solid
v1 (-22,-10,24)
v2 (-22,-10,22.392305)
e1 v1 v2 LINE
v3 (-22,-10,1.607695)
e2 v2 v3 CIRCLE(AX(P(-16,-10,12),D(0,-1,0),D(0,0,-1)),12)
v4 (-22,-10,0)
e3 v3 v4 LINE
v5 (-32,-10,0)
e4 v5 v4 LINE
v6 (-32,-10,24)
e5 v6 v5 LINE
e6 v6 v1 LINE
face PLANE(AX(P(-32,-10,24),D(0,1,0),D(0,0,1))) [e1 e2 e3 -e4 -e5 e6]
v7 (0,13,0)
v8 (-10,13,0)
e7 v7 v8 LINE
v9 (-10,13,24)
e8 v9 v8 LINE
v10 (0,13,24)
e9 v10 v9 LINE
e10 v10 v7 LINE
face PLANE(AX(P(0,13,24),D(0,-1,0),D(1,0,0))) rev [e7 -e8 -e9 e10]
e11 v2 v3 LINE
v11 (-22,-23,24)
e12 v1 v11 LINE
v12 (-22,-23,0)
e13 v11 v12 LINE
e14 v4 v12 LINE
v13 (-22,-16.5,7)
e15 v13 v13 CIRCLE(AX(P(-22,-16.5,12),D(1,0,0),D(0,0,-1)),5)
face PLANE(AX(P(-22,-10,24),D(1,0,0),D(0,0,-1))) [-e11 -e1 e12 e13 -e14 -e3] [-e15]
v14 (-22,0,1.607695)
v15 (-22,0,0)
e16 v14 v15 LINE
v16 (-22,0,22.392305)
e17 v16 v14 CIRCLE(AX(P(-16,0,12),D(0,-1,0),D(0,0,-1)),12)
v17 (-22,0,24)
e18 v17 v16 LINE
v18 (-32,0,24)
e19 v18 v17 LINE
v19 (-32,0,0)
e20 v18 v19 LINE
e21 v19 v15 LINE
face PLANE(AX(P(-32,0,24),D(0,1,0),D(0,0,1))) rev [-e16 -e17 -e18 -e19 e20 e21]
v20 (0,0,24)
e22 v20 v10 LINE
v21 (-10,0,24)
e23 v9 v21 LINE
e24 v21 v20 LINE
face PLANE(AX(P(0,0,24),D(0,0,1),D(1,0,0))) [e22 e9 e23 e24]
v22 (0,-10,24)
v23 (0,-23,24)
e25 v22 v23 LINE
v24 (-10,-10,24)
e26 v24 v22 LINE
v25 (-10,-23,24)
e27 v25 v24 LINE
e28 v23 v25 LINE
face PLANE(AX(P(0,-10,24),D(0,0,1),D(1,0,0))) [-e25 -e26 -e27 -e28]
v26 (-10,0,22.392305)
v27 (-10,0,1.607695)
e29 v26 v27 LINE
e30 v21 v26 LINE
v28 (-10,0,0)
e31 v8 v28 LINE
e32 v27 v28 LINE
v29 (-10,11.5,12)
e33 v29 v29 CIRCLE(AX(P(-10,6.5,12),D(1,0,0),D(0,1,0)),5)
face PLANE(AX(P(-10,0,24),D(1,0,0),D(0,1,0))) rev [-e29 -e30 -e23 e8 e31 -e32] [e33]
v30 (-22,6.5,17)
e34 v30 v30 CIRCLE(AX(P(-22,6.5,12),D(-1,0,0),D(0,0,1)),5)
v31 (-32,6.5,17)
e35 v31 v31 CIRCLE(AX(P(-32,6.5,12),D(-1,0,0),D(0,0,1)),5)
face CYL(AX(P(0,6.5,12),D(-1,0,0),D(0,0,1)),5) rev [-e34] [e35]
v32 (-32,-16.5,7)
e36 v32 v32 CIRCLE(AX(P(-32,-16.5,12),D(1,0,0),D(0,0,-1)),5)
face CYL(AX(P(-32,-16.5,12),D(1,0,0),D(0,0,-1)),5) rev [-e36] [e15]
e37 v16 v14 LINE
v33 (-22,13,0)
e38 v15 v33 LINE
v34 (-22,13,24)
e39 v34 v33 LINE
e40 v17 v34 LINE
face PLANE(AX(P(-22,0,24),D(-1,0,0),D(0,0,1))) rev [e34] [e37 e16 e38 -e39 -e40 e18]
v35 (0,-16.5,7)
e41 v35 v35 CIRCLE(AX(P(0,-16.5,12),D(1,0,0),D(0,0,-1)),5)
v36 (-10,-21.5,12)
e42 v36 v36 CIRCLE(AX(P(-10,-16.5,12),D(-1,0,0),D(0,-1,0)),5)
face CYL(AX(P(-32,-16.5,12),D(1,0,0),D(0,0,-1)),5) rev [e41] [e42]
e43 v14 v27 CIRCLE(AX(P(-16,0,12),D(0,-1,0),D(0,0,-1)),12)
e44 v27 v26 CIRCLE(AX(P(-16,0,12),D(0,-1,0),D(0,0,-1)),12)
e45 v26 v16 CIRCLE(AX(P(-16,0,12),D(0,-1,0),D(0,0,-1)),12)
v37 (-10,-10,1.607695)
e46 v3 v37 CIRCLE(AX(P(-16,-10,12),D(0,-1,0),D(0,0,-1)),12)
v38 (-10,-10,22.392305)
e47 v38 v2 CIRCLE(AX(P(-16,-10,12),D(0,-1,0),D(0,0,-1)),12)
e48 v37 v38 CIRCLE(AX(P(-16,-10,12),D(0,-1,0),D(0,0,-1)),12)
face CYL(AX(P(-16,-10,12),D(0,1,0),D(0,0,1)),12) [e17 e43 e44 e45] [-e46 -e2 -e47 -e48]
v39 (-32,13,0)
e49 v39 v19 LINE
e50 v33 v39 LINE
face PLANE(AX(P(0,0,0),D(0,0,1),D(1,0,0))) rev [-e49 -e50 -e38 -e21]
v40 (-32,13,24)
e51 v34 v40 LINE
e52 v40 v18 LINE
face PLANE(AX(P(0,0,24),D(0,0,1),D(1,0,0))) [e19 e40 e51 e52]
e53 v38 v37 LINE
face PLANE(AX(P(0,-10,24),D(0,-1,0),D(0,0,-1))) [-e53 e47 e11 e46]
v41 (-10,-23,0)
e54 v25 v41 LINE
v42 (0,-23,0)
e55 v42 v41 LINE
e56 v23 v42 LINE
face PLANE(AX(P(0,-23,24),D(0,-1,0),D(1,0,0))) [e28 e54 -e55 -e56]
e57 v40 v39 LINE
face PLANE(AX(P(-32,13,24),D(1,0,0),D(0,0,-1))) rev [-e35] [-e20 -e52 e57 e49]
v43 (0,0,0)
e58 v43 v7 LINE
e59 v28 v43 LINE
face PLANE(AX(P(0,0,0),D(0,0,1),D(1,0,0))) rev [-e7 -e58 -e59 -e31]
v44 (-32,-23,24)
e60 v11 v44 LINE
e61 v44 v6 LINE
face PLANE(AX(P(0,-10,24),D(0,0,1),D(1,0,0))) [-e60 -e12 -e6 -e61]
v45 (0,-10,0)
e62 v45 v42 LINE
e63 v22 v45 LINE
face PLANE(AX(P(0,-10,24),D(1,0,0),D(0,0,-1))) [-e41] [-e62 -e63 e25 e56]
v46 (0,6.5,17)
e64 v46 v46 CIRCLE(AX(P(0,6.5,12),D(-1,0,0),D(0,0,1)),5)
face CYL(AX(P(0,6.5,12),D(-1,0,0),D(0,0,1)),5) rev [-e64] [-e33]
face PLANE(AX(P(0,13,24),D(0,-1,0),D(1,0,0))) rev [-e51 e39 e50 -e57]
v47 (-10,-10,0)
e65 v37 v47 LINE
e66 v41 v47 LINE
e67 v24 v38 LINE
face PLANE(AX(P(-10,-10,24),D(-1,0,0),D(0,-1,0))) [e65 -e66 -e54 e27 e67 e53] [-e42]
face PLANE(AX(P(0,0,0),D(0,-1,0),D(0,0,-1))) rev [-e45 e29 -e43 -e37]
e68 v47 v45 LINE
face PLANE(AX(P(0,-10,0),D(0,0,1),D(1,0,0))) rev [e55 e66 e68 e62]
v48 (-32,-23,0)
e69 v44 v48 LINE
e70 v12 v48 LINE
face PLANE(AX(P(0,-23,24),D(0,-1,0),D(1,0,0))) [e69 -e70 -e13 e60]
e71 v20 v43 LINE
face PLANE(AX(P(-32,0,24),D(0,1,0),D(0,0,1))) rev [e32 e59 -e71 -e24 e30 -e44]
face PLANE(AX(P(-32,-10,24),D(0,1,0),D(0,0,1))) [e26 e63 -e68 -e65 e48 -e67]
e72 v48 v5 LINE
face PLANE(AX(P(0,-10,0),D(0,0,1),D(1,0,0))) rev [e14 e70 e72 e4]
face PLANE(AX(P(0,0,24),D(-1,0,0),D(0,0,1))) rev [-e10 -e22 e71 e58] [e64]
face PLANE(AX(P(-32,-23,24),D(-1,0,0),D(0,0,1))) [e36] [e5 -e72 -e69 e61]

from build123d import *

# Parameters (mm, degrees)
SKETCH1_W           = 32
SKETCH1_H           = 13
BOSS_EXTRUDE1_DEPTH = 24
SKETCH2_W           = 12
SKETCH2_H           = 13
CUT_EXTRUDE1_DEPTH  = 43.05948169
SKETCH3_R           = 4.5
CUT_EXTRUDE2_DEPTH  = 43.05948169
SKETCH4_R           = 12
BOSS_EXTRUDE2_DEPTH = 10
SKETCH5_R           = 5
CUT_EXTRUDE3_DEPTH  = 47.14108798
SKETCH6_R           = 5
CUT_EXTRUDE4_DEPTH  = 47.14108798


with BuildPart() as part:
    # Sketch1 → Boss-Extrude1 (new body)
    with BuildSketch(Plane.XY):
        with Locations((-16, 6.5)):
            Rectangle(SKETCH1_W, SKETCH1_H)
    boss_extrude1 = extrude(amount=BOSS_EXTRUDE1_DEPTH)

    # Sketch2 → Cut-Extrude1 (cut, through all)
    with BuildSketch(Plane(origin=(0, 0, 0), x_dir=(-1, 0, 0), z_dir=(0, 0, -1))):
        with Locations((16, 6.5)):
            Rectangle(SKETCH2_W, SKETCH2_H)
    cut_extrude1 = extrude(amount=-CUT_EXTRUDE1_DEPTH, mode=Mode.SUBTRACT)


with BuildPart() as cut_extrude1_piece_1:
    # of the separate pieces the step leaves, piece 1, a body of its own (cut_extrude1_pieces)
    add(part.part.solids().sort_by_distance((0, 0, 0))[0])


with BuildPart() as cut_extrude1_piece_2:
    # of the separate pieces the step leaves, piece 2, a body of its own (cut_extrude1_pieces)
    add(part.part.solids().sort_by_distance((-32, 0, 0))[0])


with BuildPart() as cut_extrude2_tool:
    # Sketch3 → Cut-Extrude2 (new, through all)
    with BuildSketch(Plane(origin=(0, 0, 0), x_dir=(0, 0, -1), z_dir=(1, 0, 0))):
        with Locations((-12, 6.5)):
            Circle(SKETCH3_R)
    cut_extrude2 = extrude(amount=-CUT_EXTRUDE2_DEPTH)


with BuildPart() as cut_extrude1_piece_1_1:
    add(cut_extrude1_piece_1.part)

    # Cut-Extrude2: cut by cut_extrude2_tool
    add(cut_extrude2_tool.part, mode=Mode.SUBTRACT)



with BuildPart() as cut_extrude1_piece_2_1:
    add(cut_extrude1_piece_2.part)

    # Cut-Extrude2: cut by cut_extrude2_tool
    add(cut_extrude2_tool.part, mode=Mode.SUBTRACT)


with BuildPart() as cut_extrude1_piece_1_2:
    add(cut_extrude1_piece_1_1.part)

    add(cut_extrude1_piece_2_1.part)  # Boss-Extrude2 merges Cut-Extrude1 piece 2
    # Sketch4 → Boss-Extrude2 (add)
    with BuildSketch(Plane(origin=(0, 0, 0), x_dir=(-1, 0, 0), z_dir=(0, -1, 0))):
        with Locations(Location((16, -12, 0), (0, 0, 240))):
            Circle(SKETCH4_R)
    extrude(amount=BOSS_EXTRUDE2_DEPTH)

    # Mirror1: Boss-Extrude1, Cut-Extrude1, Cut-Extrude2 across plane
    add(boss_extrude1.mirror(Plane.ZX.offset(-5)))
    add(cut_extrude1.mirror(Plane.ZX.offset(-5)), mode=Mode.SUBTRACT)
    add(cut_extrude2.mirror(Plane.ZX.offset(-5)), mode=Mode.SUBTRACT)

    # Sketch5 → Cut-Extrude3 (cut, through all)
    with BuildSketch(Plane(origin=(0, 0, 0), x_dir=(0, 0, -1), z_dir=(1, 0, 0))):
        with Locations((-12, -16.5)):
            Circle(SKETCH5_R)
    extrude(amount=-CUT_EXTRUDE3_DEPTH, mode=Mode.SUBTRACT)

    # Sketch6 → Cut-Extrude4 (cut, through all)
    with BuildSketch(Plane.ZY.offset(32)):
        with Locations((12, 6.5)):
            Circle(SKETCH6_R)
    extrude(amount=-CUT_EXTRUDE4_DEPTH, mode=Mode.SUBTRACT)


solid = cut_extrude1_piece_1_2.part
